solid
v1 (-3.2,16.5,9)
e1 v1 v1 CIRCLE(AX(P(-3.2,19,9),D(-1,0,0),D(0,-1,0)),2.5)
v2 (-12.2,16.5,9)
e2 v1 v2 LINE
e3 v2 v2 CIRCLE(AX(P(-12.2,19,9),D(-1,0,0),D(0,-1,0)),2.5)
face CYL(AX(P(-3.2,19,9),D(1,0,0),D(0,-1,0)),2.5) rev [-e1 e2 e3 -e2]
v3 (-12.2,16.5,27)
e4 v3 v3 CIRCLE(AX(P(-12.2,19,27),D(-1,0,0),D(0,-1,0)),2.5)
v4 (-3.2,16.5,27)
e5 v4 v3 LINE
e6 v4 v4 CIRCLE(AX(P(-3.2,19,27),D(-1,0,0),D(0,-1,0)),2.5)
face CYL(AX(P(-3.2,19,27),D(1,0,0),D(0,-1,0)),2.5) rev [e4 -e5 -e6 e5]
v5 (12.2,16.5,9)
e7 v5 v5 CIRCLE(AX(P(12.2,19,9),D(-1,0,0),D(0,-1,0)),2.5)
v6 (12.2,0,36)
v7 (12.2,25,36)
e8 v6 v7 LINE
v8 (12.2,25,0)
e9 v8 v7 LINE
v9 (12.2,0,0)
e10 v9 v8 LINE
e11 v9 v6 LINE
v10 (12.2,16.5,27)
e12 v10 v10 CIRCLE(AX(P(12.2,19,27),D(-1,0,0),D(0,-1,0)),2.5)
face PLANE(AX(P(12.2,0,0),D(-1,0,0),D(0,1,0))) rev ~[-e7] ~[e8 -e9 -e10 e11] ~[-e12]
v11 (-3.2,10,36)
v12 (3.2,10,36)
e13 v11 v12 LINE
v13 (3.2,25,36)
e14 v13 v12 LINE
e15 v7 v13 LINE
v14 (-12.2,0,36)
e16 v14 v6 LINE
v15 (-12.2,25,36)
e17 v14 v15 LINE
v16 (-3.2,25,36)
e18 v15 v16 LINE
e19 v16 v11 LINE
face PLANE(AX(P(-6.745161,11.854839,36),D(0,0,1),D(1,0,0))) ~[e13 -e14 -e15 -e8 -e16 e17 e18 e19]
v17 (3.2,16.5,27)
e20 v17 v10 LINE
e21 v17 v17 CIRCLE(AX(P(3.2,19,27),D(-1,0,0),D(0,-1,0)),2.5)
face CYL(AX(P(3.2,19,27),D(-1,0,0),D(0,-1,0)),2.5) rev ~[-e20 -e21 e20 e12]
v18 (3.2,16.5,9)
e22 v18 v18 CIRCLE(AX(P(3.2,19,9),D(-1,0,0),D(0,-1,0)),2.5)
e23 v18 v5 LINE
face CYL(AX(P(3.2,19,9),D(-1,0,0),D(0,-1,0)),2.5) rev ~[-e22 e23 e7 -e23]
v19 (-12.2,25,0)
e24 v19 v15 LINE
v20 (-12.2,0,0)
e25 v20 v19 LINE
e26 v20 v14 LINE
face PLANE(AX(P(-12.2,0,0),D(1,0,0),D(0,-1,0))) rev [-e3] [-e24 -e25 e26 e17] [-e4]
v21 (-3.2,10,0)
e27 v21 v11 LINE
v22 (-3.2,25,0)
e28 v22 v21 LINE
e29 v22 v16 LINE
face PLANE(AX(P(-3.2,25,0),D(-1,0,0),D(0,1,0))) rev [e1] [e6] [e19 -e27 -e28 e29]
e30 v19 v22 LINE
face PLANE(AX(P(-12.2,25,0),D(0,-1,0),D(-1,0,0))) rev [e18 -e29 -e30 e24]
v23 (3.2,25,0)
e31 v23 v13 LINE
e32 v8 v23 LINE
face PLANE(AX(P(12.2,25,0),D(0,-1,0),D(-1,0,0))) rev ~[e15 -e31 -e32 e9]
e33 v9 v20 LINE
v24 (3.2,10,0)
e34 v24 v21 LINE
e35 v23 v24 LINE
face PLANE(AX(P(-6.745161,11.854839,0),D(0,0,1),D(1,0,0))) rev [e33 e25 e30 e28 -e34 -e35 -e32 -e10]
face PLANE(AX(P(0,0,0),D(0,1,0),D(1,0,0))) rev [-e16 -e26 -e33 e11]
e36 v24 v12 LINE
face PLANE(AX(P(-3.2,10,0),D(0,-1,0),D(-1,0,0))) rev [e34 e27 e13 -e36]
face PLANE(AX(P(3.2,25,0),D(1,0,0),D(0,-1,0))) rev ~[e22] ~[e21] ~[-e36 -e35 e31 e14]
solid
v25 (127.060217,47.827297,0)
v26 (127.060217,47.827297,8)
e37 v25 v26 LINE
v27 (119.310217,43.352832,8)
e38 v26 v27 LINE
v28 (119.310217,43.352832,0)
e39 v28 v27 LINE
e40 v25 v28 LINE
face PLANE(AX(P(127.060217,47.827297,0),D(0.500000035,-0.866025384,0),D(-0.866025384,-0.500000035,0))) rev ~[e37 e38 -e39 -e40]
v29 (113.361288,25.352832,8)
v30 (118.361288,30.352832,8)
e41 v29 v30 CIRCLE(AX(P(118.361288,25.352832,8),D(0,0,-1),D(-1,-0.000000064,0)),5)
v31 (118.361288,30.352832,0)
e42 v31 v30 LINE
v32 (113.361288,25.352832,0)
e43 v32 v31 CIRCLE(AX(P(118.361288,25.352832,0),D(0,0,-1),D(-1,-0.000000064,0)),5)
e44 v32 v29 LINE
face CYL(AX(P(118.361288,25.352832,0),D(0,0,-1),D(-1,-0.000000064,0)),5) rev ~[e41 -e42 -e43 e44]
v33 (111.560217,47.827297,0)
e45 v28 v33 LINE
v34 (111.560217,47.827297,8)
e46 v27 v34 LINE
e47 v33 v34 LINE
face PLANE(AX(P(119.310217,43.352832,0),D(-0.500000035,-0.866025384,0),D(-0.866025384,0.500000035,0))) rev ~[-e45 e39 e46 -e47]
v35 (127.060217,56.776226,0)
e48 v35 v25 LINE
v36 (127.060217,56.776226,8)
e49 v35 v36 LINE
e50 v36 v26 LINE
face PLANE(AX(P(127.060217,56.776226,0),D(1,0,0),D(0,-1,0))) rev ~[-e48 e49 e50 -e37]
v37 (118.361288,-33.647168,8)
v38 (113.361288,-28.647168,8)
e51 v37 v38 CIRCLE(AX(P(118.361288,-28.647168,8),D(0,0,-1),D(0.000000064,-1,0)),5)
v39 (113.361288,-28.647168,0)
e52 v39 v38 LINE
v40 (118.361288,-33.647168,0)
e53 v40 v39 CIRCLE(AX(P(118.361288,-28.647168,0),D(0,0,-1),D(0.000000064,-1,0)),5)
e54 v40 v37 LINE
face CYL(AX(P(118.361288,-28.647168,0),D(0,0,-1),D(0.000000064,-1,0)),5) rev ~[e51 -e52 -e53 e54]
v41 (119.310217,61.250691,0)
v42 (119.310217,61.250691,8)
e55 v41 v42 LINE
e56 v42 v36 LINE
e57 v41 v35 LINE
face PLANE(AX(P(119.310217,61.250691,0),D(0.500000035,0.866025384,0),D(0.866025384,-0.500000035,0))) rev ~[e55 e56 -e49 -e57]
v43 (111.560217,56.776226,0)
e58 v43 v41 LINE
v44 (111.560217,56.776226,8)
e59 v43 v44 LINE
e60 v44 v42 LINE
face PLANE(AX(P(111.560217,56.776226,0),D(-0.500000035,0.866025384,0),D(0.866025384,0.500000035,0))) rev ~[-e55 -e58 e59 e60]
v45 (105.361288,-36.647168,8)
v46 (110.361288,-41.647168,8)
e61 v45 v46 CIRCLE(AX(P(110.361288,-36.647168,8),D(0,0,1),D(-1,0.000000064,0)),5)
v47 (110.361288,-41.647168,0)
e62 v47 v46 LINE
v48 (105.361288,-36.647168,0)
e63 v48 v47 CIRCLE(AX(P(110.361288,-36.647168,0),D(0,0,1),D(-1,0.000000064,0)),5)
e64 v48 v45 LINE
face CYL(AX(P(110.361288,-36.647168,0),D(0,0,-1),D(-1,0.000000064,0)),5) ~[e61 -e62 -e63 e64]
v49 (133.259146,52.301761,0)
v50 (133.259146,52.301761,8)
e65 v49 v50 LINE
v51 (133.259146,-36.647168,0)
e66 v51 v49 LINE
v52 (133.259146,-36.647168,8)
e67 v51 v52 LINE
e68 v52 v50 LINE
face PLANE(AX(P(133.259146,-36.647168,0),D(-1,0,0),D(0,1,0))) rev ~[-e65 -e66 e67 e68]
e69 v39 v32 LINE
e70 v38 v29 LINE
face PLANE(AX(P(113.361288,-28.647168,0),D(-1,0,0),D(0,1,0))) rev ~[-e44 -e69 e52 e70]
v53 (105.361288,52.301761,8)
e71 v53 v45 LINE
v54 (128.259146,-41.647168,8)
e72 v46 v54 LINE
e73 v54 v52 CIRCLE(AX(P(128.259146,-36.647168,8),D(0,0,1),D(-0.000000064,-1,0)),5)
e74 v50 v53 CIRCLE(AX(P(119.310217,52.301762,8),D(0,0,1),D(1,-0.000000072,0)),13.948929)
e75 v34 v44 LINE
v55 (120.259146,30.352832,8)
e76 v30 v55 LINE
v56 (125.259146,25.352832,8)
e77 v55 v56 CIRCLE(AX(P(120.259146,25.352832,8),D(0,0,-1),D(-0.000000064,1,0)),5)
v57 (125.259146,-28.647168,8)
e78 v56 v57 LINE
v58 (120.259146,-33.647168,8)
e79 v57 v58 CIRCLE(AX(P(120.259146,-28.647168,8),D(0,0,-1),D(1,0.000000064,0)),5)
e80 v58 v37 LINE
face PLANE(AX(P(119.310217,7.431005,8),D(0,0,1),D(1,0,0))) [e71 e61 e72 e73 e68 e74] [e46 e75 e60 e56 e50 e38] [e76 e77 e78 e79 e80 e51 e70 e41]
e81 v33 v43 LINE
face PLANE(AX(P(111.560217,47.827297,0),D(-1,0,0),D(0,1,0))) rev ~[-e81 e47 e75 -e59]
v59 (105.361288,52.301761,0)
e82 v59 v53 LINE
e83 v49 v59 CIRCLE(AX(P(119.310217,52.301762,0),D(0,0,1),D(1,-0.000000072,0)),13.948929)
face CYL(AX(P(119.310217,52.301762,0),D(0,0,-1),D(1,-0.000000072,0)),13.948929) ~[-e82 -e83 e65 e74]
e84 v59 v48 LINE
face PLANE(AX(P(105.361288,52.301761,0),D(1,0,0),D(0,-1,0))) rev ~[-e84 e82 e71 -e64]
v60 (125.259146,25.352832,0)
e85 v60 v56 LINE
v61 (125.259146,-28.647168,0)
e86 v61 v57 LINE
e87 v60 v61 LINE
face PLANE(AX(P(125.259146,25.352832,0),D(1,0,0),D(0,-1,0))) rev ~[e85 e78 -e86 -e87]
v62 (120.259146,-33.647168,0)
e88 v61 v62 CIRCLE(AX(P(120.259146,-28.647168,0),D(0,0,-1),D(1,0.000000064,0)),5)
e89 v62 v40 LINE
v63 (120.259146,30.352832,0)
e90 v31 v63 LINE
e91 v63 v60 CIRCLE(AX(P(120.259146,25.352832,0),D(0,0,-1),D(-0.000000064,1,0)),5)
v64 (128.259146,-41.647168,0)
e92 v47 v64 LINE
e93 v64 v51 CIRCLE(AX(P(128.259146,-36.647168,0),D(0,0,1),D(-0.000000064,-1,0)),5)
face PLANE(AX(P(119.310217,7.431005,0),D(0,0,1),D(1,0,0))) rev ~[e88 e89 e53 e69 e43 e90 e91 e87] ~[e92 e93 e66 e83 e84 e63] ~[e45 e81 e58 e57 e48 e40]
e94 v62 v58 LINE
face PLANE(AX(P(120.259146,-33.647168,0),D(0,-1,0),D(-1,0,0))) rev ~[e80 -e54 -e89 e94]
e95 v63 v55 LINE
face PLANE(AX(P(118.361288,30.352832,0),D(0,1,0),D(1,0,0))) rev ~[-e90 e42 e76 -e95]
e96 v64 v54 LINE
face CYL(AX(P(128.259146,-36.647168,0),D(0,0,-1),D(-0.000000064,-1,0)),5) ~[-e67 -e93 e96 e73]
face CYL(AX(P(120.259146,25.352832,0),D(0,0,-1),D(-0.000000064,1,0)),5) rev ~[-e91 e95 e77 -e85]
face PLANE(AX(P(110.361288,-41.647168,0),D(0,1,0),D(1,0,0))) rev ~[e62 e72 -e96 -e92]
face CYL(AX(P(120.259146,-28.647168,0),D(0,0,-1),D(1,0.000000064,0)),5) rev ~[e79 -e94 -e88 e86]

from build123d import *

# Parameters (mm, degrees)
F1_DEPTH = 36
F2_R     = 2.5
F3_DEPTH = 9.001
F6_DEPTH = 8


with BuildPart() as f1:
    # F0 (on Top) → F1 (new body)
    with BuildSketch(Plane.XY):
        Polygon((0, 10), (0, 0), (12.2, 0), (12.2, 25), (3.2, 25), (3.2, 10), align=None)
    extrude(amount=F1_DEPTH)

    # F2 (on face) → F3 (cut, through all)
    with BuildSketch(Plane(origin=(3.2, 0, 0), x_dir=(0, -1, 0), z_dir=(-1, 0, 0))):
        with Locations((-19, 27)):
            Circle(F2_R)
        with Locations((-19, 9)):
            Circle(F2_R)
    extrude(amount=-F3_DEPTH, mode=Mode.SUBTRACT)

    # F4: F1 across face


with BuildPart() as f1_1:
    add(f1.part)
    add(f1.part.mirror(Plane(origin=(0, 5, 18), x_dir=(0, -1, 0), z_dir=(-1, 0, 0))))


with BuildPart() as f6:
    # F5 (on Top) → F6 (new body)
    with BuildSketch(Plane.XY):
        with BuildLine():
            Line((133.259146, -36.647168), (133.259146, 52.301761))
            ThreePointArc((133.259146, 52.301761), (119.310217, 38.352832), (105.361288, 52.301761))
            Line((105.361288, 52.301761), (105.361288, -36.647168))
            ThreePointArc((105.361288, -36.647168), (106.825754, -40.182702), (110.361288, -41.647168))
            Line((110.361288, -41.647168), (128.259146, -41.647168))
            ThreePointArc((128.259146, -41.647168), (131.79468, -40.182702), (133.259146, -36.647168))
        make_face()
        with BuildLine():
            ThreePointArc((113.361288, 25.352832), (114.825754, 28.888366), (118.361288, 30.352832))
            Line((118.361288, 30.352832), (120.259146, 30.352832))
            ThreePointArc((120.259146, 30.352832), (123.79468, 28.888366), (125.259146, 25.352832))
            Line((125.259146, 25.352832), (125.259146, -28.647168))
            ThreePointArc((125.259146, -28.647168), (123.79468, -32.182702), (120.259146, -33.647168))
            Line((120.259146, -33.647168), (118.361288, -33.647168))
            ThreePointArc((118.361288, -33.647168), (114.825754, -32.182702), (113.361288, -28.647168))
            Line((113.361288, -28.647168), (113.361288, 25.352832))
        make_face(mode=Mode.SUBTRACT)
        with BuildLine():
            ThreePointArc((105.361288, 52.301761), (119.310217, 38.352832), (133.259146, 52.301761))
            ThreePointArc((133.259146, 52.301761), (119.310217, 66.250691), (105.361288, 52.301761))
        make_face()
        Polygon((127.060217, 56.776226), (127.060217, 47.827297), (119.310217, 43.352832), (111.560217, 47.827297), (111.560217, 56.776226), (119.310217, 61.250691), align=None, mode=Mode.SUBTRACT)
    extrude(amount=F6_DEPTH)


solid = Compound([f1_1.part, f6.part])
